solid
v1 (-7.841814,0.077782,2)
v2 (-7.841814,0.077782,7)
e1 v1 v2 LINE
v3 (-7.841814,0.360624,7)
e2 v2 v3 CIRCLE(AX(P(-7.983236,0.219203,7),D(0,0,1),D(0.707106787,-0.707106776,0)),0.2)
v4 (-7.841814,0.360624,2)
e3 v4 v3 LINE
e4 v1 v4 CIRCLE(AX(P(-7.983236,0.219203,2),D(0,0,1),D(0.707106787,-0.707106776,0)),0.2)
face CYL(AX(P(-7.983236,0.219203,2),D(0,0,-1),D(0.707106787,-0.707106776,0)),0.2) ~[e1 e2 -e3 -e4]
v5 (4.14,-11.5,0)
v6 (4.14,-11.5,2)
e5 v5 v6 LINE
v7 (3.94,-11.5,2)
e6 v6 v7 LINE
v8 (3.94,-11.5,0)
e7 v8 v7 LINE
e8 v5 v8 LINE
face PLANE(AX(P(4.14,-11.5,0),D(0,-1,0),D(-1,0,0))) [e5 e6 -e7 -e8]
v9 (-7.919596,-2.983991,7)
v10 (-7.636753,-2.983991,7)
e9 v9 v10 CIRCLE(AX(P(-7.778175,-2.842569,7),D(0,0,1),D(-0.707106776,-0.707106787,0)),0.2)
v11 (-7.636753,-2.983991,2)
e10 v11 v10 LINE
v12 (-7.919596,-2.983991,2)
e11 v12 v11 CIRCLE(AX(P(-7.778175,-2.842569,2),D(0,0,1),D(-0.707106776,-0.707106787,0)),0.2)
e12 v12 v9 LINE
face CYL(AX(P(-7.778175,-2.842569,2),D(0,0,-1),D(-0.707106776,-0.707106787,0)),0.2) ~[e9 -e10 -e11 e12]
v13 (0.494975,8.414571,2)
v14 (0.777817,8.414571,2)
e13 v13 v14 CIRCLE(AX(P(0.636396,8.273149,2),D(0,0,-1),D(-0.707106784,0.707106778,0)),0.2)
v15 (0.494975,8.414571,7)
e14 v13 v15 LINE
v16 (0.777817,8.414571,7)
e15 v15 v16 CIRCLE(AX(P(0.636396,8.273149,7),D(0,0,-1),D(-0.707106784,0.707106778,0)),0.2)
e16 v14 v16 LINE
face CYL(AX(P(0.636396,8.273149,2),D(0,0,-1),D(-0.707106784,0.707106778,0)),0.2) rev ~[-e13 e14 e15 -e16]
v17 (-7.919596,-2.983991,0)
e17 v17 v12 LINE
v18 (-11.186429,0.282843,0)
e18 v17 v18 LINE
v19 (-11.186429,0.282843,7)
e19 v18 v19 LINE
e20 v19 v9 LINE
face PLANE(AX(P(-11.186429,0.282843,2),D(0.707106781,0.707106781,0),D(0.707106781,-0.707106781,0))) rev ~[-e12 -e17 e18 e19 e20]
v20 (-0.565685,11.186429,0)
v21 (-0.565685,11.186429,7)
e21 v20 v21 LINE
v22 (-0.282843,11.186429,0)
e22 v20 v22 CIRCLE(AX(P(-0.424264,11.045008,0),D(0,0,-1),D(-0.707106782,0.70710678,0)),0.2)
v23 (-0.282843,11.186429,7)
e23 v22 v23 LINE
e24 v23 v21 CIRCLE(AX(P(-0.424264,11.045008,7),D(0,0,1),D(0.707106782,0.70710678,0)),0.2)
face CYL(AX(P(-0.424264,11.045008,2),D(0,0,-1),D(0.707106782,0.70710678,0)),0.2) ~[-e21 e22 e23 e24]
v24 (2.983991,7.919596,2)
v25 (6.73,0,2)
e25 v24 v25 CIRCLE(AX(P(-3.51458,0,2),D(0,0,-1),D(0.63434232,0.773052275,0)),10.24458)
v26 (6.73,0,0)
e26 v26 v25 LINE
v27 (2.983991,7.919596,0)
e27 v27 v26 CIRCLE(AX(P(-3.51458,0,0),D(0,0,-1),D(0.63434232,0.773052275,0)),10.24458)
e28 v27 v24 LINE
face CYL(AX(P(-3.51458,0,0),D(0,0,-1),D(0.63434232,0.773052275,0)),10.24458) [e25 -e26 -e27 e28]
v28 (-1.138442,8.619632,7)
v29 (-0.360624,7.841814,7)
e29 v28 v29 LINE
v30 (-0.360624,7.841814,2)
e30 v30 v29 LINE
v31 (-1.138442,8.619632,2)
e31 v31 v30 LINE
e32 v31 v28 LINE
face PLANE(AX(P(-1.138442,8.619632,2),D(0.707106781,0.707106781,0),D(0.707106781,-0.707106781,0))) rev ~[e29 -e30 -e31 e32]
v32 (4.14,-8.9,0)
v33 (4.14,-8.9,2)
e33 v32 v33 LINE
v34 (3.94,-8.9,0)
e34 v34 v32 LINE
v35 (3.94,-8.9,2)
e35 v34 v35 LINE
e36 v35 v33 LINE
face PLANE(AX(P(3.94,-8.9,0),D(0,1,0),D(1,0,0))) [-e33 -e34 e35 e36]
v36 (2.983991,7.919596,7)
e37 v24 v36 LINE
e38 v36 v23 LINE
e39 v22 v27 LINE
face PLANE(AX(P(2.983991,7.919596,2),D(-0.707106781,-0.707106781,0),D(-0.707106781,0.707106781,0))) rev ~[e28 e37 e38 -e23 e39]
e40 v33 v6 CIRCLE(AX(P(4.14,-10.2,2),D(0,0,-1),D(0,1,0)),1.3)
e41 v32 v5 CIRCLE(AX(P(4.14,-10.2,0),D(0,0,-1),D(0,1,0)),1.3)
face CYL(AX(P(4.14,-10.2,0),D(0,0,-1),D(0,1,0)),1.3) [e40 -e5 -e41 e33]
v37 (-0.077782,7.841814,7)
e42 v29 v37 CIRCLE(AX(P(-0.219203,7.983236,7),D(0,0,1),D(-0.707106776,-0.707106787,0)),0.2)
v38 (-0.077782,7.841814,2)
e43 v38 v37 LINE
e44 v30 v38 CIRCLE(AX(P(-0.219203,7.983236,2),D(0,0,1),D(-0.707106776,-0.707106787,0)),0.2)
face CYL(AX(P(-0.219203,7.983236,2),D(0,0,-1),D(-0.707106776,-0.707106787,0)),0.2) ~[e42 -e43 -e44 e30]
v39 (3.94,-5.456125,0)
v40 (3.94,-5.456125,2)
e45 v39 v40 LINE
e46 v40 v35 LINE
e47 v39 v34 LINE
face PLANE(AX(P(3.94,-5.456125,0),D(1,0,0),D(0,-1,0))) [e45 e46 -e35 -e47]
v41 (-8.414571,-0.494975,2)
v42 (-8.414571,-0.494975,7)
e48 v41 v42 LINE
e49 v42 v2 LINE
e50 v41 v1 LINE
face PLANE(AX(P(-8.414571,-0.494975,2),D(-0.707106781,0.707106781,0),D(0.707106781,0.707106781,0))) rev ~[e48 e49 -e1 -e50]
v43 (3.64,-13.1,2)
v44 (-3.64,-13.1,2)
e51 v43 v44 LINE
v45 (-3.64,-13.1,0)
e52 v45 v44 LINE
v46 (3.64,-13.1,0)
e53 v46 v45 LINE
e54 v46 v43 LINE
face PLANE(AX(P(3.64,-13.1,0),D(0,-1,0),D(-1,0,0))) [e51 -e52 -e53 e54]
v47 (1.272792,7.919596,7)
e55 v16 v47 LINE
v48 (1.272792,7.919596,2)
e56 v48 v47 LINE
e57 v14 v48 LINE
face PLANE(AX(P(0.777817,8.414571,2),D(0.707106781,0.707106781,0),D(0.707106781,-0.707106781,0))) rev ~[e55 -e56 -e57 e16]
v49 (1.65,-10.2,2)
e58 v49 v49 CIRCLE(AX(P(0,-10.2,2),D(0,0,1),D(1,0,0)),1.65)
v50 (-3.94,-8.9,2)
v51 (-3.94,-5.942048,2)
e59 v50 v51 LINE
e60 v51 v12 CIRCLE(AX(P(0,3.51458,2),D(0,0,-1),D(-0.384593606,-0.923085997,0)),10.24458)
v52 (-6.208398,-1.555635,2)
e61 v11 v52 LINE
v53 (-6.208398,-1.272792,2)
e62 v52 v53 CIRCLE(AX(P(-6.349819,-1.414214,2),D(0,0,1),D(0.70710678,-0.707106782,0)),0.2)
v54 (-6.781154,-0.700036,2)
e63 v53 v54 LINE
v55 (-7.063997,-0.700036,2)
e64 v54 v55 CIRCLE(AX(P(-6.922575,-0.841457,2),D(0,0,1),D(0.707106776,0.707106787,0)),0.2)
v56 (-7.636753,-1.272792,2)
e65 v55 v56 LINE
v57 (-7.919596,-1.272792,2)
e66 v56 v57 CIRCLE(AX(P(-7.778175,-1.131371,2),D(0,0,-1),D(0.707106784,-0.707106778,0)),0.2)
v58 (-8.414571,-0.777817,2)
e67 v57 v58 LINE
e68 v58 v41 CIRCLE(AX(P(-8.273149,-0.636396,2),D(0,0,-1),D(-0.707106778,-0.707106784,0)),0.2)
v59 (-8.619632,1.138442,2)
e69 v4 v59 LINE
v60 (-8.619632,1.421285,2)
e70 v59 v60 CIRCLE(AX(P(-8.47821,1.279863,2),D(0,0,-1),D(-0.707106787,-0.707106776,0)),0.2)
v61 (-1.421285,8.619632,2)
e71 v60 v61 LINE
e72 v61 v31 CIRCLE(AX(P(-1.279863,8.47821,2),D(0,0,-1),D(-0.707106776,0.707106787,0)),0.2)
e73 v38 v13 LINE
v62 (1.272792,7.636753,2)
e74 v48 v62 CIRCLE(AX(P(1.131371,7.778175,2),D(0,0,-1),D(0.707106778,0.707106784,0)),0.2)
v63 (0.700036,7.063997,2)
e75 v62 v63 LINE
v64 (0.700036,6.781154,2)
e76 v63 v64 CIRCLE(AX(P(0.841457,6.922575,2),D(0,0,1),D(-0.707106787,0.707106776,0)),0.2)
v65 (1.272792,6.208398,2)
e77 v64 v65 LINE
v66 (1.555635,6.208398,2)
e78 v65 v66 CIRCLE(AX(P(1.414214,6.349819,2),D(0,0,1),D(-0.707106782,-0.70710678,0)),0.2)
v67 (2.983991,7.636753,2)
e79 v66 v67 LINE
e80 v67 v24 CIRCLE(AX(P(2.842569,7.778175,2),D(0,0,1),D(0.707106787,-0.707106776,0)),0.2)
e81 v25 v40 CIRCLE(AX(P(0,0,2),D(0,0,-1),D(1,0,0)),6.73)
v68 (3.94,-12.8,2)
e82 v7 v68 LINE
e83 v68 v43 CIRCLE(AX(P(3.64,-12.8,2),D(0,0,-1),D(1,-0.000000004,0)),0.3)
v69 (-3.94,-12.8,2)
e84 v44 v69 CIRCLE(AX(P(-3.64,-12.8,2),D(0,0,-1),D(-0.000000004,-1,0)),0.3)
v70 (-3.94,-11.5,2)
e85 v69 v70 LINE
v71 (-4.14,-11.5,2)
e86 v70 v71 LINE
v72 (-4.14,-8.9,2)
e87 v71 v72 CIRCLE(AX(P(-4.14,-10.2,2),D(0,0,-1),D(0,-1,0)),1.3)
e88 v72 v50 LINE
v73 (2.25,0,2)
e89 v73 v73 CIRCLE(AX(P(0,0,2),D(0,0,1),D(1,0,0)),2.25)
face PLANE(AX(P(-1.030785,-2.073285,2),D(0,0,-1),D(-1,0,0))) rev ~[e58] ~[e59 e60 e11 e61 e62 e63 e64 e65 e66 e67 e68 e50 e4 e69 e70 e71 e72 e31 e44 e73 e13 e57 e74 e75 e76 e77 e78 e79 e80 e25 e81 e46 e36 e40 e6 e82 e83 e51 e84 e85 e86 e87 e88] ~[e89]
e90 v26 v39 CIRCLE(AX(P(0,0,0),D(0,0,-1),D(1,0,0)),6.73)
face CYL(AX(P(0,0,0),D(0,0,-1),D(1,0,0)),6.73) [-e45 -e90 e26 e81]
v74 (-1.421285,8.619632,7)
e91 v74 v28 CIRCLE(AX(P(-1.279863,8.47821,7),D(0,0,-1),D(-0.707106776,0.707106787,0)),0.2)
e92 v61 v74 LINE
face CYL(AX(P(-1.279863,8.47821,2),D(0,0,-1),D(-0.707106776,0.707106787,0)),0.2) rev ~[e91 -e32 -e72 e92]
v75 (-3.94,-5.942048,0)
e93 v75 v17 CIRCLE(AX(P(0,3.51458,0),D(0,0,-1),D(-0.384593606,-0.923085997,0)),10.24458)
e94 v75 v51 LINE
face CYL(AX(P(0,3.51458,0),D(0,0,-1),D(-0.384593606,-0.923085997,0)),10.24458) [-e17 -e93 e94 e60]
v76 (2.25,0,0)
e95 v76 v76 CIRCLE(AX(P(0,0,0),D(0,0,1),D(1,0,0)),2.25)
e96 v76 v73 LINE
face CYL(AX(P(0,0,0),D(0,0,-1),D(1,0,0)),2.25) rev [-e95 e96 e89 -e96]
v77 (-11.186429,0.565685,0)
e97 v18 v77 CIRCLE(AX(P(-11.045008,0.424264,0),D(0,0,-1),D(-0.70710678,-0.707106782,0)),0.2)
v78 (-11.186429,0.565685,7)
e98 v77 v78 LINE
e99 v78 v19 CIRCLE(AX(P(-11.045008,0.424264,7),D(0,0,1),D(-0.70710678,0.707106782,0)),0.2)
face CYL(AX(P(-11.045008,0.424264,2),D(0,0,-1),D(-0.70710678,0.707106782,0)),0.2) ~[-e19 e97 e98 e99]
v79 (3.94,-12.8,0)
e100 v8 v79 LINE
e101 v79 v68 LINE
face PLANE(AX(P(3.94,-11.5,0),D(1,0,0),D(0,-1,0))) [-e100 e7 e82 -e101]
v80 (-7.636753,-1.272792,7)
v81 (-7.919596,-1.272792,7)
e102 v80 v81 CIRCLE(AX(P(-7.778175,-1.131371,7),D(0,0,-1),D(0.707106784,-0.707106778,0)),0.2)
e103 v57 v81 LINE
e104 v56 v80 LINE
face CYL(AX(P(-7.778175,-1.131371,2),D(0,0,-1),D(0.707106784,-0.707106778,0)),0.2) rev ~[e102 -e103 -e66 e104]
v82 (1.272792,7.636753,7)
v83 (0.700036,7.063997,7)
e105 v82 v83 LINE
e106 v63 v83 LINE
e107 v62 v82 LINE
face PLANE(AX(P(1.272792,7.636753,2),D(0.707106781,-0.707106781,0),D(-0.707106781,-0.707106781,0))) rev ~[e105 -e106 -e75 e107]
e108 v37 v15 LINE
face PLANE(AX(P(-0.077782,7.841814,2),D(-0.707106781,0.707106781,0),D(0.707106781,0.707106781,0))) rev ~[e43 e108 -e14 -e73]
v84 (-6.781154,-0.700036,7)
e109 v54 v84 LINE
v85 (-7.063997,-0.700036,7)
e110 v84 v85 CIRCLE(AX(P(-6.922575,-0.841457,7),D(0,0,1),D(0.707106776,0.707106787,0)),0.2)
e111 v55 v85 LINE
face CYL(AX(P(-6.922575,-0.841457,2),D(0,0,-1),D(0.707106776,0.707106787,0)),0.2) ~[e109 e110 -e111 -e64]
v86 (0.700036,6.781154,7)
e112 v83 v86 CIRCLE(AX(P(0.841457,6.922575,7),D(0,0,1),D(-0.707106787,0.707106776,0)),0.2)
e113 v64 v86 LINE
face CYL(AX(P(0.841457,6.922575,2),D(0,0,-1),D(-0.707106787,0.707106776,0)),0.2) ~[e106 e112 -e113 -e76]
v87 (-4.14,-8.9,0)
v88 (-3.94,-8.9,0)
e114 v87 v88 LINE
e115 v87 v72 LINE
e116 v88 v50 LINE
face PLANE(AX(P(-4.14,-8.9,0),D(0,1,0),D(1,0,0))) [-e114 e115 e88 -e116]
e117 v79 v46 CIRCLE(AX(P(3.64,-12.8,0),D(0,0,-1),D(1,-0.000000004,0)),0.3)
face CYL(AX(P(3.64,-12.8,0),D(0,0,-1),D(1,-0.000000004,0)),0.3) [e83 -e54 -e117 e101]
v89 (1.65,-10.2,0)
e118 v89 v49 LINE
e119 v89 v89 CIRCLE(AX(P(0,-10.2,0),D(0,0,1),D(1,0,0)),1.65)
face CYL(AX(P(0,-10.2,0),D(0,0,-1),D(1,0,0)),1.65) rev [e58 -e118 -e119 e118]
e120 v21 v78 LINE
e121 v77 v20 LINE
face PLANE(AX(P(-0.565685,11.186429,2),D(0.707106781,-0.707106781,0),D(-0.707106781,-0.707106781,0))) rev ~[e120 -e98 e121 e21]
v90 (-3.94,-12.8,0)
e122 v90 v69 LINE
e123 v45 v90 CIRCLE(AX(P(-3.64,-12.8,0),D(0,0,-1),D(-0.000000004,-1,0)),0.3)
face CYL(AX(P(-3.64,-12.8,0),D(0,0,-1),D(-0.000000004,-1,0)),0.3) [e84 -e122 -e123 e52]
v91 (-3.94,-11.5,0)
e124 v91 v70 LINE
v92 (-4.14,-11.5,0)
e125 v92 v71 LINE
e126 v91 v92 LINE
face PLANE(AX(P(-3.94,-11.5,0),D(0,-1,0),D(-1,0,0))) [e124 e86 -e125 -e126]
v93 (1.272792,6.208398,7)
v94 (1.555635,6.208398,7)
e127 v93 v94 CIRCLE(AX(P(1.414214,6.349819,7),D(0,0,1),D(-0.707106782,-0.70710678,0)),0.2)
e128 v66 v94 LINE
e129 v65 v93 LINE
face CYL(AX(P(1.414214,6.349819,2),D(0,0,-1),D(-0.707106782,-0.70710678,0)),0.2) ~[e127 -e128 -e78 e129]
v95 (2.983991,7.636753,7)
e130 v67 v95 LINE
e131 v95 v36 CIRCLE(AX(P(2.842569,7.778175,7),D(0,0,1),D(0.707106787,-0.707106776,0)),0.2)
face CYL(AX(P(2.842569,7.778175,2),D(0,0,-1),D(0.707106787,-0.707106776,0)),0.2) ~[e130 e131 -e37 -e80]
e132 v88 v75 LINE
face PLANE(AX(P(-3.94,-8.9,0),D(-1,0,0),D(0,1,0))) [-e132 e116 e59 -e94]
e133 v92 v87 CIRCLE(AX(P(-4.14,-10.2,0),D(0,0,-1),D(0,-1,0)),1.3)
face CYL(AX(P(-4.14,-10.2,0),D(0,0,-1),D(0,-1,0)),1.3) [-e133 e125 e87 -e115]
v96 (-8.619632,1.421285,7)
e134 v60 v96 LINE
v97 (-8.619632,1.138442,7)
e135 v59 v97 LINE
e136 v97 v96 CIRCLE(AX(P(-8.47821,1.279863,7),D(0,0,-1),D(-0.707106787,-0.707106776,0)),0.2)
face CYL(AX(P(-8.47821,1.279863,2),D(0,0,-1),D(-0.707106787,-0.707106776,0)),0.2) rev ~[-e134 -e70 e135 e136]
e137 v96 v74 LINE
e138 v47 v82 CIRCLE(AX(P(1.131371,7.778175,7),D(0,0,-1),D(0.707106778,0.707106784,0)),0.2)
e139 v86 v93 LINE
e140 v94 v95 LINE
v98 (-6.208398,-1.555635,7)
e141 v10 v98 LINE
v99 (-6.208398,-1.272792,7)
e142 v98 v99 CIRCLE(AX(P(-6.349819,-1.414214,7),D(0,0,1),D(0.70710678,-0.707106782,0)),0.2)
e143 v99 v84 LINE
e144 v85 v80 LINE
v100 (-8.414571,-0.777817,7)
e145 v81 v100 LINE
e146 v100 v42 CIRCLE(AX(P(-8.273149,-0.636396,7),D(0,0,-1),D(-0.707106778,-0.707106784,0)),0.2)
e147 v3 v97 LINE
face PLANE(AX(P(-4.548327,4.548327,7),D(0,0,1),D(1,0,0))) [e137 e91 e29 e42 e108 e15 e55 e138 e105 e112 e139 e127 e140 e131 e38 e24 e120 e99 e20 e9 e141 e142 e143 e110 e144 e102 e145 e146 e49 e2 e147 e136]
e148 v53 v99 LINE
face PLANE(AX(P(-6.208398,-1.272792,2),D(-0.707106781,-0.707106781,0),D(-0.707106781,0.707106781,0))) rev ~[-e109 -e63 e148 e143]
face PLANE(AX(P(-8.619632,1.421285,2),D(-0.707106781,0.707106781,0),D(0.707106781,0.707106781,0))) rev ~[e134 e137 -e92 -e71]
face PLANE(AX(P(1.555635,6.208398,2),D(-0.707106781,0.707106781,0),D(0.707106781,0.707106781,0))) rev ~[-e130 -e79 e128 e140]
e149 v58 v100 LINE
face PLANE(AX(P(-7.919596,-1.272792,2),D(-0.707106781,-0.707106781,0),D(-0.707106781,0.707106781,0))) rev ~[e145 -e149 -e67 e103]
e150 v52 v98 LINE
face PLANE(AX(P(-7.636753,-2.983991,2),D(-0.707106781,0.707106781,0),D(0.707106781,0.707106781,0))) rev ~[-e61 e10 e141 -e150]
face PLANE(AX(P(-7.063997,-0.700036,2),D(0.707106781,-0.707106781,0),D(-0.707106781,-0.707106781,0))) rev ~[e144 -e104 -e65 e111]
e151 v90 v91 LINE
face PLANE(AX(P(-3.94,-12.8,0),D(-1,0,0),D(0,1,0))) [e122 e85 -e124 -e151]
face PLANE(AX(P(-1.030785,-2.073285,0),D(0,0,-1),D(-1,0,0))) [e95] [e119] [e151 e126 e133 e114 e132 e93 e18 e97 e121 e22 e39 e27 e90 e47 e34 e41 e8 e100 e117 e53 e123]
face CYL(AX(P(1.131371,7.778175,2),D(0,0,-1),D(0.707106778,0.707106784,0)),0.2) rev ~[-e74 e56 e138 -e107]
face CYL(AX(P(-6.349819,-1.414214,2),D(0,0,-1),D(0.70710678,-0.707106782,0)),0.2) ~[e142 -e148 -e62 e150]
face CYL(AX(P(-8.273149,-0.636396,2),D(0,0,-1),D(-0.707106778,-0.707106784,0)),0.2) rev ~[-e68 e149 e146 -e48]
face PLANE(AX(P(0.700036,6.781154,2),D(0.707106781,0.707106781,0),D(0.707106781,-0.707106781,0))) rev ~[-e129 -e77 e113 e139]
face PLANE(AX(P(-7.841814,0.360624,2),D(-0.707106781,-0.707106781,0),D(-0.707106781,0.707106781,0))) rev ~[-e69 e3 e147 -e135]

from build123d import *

# Parameters (mm, degrees)
SKETCH1_R           = 2.25
SKETCH1_R_2         = 1.65
BOSS_EXTRUDE1_DEPTH = 2
BOSS_EXTRUDE2_DEPTH = 5


with BuildPart() as part:
    # Sketch1 → Boss-Extrude1 (new body)
    with BuildSketch(Plane.XY):
        with BuildLine():
            Line((-4.14, -8.9), (-3.94, -8.9))
            Line((-3.94, -8.9), (-3.94, -5.942048338))
            ThreePointArc((-3.94, -5.942048338), (-6.111467123, -4.707426407), (-7.919595949, -2.983990617))
            Line((-7.919595949, -2.983990617), (-11.186429278, 0.282842712))
            ThreePointArc((-11.186429278, 0.282842712), (-11.245007922, 0.424264069), (-11.186429278, 0.565685425))
            Line((-11.186429278, 0.565685425), (-0.565685425, 11.186429278))
            ThreePointArc((-0.565685425, 11.186429278), (-0.424264069, 11.245007922), (-0.282842712, 11.186429278))
            Line((-0.282842712, 11.186429278), (2.983990617, 7.919595949))
            ThreePointArc((2.983990617, 7.919595949), (5.746266235, 4.38042767), (6.73, 0))
            ThreePointArc((6.73, 0), (5.992040554, -3.064041449), (3.94, -5.456124999))
            Line((3.94, -5.456124999), (3.94, -8.9))
            Line((3.94, -8.9), (4.14, -8.9))
            ThreePointArc((4.14, -8.9), (5.44, -10.2), (4.14, -11.5))
            Line((4.14, -11.5), (3.94, -11.5))
            Line((3.94, -11.5), (3.94, -12.8))
            ThreePointArc((3.94, -12.8), (3.852132034, -13.012132034), (3.64, -13.1))
            Line((3.64, -13.1), (-3.64, -13.1))
            ThreePointArc((-3.64, -13.1), (-3.852132034, -13.012132034), (-3.94, -12.8))
            Line((-3.94, -12.8), (-3.94, -11.5))
            Line((-3.94, -11.5), (-4.14, -11.5))
            ThreePointArc((-4.14, -11.5), (-5.44, -10.2), (-4.14, -8.9))
        make_face()
        Circle(SKETCH1_R, mode=Mode.SUBTRACT)
        with Locations((0, -10.2)):
            Circle(SKETCH1_R_2, mode=Mode.SUBTRACT)
    extrude(amount=BOSS_EXTRUDE1_DEPTH)

    # Sketch2 → Boss-Extrude2 (add)
    with BuildSketch(Plane.XY.offset(2)):
        with BuildLine():
            Line((0.700035713, 6.781154032), (1.272792206, 6.208397539))
            ThreePointArc((1.272792206, 6.208397539), (1.414213562, 6.149818895), (1.555634919, 6.208397539))
            Line((1.555634919, 6.208397539), (2.983990617, 7.636753237))
            ThreePointArc((2.983990617, 7.636753237), (3.04256926, 7.778174593), (2.983990617, 7.919595949))
            Line((2.983990617, 7.919595949), (-0.282842712, 11.186429278))
            ThreePointArc((-0.282842712, 11.186429278), (-0.424264069, 11.245007922), (-0.565685425, 11.186429278))
            Line((-0.565685425, 11.186429278), (-11.186429278, 0.565685425))
            ThreePointArc((-11.186429278, 0.565685425), (-11.245007922, 0.424264069), (-11.186429278, 0.282842712))
            Line((-11.186429278, 0.282842712), (-7.919595949, -2.983990617))
            ThreePointArc((-7.919595949, -2.983990617), (-7.778174593, -3.04256926), (-7.636753237, -2.983990617))
            Line((-7.636753237, -2.983990617), (-6.208397539, -1.555634919))
            ThreePointArc((-6.208397539, -1.555634919), (-6.149818895, -1.414213562), (-6.208397539, -1.272792206))
            Line((-6.208397539, -1.272792206), (-6.781154032, -0.700035713))
            ThreePointArc((-6.781154032, -0.700035713), (-6.922575388, -0.64145707), (-7.063996744, -0.700035713))
            Line((-7.063996744, -0.700035713), (-7.636753237, -1.272792206))
            ThreePointArc((-7.636753237, -1.272792206), (-7.778174593, -1.33137085), (-7.919595949, -1.272792206))
            Line((-7.919595949, -1.272792206), (-8.414570696, -0.777817459))
            ThreePointArc((-8.414570696, -0.777817459), (-8.47314934, -0.636396103), (-8.414570696, -0.494974747))
            Line((-8.414570696, -0.494974747), (-7.841814203, 0.077781746))
            ThreePointArc((-7.841814203, 0.077781746), (-7.78323556, 0.219203102), (-7.841814203, 0.360624458))
            Line((-7.841814203, 0.360624458), (-8.619631663, 1.138441918))
            ThreePointArc((-8.619631663, 1.138441918), (-8.678210306, 1.279863274), (-8.619631663, 1.42128463))
            Line((-8.619631663, 1.42128463), (-1.42128463, 8.619631663))
            ThreePointArc((-1.42128463, 8.619631663), (-1.279863274, 8.678210306), (-1.138441918, 8.619631663))
            Line((-1.138441918, 8.619631663), (-0.360624458, 7.841814203))
            ThreePointArc((-0.360624458, 7.841814203), (-0.219203102, 7.78323556), (-0.077781746, 7.841814203))
            Line((-0.077781746, 7.841814203), (0.494974747, 8.414570696))
            ThreePointArc((0.494974747, 8.414570696), (0.636396103, 8.47314934), (0.777817459, 8.414570696))
            Line((0.777817459, 8.414570696), (1.272792206, 7.919595949))
            ThreePointArc((1.272792206, 7.919595949), (1.33137085, 7.778174593), (1.272792206, 7.636753237))
            Line((1.272792206, 7.636753237), (0.700035713, 7.063996744))
            ThreePointArc((0.700035713, 7.063996744), (0.64145707, 6.922575388), (0.700035713, 6.781154032))
        make_face()
    extrude(amount=BOSS_EXTRUDE2_DEPTH)


solid = part.part
